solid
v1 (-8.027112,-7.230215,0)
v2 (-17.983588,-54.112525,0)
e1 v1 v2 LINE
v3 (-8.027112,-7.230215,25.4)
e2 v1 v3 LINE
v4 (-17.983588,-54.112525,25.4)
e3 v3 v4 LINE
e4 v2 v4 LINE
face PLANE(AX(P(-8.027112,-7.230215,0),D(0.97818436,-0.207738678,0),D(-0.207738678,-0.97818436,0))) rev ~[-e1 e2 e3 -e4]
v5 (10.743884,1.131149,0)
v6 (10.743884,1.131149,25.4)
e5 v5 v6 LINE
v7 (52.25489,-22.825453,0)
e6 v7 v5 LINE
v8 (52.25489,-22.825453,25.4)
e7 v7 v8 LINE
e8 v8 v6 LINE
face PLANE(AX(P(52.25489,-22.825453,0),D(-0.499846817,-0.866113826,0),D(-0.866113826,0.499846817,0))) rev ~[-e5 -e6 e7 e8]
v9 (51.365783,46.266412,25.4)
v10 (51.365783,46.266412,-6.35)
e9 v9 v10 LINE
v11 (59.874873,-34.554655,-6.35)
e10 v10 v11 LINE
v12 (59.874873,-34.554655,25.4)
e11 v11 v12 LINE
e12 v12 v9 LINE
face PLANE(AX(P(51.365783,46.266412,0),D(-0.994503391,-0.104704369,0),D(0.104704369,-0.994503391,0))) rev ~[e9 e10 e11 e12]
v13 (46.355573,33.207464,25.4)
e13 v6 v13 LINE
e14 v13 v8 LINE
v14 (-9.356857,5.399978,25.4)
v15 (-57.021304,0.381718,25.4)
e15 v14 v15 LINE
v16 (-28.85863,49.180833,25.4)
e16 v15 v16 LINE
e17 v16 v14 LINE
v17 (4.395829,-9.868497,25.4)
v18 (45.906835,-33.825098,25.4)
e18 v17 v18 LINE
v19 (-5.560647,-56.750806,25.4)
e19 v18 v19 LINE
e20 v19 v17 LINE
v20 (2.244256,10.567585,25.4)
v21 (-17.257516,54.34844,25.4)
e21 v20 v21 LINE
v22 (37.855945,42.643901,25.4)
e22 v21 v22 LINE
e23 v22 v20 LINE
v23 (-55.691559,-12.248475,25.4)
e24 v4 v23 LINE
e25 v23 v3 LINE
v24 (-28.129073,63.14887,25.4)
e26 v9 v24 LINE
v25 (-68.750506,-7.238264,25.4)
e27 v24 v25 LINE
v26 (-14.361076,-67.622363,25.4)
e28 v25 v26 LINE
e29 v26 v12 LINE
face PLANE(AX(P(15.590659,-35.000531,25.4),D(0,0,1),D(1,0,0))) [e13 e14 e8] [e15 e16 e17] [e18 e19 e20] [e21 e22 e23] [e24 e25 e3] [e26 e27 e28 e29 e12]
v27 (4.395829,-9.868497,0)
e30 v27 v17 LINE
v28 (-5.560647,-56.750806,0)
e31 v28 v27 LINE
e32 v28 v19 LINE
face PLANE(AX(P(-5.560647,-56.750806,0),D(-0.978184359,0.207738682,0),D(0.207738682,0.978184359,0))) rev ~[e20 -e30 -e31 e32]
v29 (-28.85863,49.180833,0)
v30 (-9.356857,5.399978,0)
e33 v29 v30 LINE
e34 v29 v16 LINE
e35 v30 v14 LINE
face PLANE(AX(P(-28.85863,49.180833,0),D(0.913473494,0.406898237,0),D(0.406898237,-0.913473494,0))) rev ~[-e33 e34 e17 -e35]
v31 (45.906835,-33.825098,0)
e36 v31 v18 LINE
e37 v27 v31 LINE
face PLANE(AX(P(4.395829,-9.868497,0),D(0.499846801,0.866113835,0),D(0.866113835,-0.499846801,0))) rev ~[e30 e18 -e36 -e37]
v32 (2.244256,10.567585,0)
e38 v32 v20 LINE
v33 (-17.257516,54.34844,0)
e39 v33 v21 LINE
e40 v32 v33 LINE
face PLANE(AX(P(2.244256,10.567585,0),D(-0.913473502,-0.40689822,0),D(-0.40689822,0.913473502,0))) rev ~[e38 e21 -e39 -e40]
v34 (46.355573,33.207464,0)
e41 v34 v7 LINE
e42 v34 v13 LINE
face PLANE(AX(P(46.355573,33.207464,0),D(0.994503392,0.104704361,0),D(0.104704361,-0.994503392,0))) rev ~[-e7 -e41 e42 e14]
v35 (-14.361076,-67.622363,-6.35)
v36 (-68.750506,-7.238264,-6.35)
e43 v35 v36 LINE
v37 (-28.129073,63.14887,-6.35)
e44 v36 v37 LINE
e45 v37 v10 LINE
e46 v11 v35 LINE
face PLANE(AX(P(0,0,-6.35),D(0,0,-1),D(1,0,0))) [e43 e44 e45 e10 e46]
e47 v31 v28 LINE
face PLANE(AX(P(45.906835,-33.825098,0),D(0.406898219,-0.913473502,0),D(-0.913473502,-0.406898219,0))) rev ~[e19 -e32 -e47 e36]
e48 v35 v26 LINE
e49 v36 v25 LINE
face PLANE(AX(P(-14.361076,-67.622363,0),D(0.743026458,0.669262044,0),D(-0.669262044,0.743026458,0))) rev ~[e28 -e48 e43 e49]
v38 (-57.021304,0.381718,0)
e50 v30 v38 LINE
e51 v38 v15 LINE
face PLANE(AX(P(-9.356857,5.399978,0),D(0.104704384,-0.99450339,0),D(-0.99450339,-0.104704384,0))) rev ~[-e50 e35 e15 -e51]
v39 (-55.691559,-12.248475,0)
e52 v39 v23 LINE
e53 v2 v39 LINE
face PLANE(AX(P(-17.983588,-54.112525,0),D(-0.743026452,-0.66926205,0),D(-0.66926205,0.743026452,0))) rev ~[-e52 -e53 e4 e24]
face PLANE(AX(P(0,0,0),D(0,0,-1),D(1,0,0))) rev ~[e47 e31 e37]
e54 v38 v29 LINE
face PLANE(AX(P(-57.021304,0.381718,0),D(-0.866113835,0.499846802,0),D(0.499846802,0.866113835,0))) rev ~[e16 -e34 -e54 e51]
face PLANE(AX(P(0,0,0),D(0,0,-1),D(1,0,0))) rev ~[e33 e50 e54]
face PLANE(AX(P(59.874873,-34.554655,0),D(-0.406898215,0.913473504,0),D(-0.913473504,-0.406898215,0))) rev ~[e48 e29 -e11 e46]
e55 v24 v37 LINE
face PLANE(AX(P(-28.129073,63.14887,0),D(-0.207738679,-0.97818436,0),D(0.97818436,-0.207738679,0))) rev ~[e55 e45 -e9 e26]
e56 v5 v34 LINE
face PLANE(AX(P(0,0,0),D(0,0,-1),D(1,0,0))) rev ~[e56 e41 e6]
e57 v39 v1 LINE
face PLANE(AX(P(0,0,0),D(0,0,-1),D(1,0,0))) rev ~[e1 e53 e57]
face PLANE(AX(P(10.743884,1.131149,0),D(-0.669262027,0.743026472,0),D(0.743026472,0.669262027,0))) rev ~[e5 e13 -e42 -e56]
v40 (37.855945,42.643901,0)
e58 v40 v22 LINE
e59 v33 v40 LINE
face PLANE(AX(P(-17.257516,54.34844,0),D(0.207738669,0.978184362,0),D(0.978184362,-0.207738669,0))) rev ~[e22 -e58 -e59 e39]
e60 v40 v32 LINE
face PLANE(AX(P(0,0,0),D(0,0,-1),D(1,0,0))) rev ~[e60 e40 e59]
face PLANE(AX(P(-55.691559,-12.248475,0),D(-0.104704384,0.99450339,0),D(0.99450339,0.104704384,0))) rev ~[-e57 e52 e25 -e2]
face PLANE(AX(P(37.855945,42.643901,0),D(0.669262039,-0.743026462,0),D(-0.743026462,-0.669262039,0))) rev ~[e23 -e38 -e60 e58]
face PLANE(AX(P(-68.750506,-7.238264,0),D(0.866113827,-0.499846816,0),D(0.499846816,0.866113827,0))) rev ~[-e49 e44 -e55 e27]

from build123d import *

# Parameters (mm, degrees)
F1_DEPTH = 25.4
F2_DEPTH = 25.4
F4_DEPTH = 6.35


with BuildPart() as f1:
    # F0 (on Top) → F1 (new body)
    with BuildSketch(Plane.XY):
        Polygon((0, 0), (-14.361076, -67.622363), (59.874873, -34.554655), align=None)
        Polygon((4.395829, -9.868497), (45.906835, -33.825098), (-5.560647, -56.750806), align=None, mode=Mode.SUBTRACT)
        Polygon((0, 0), (-68.750506, -7.238264), (-14.361076, -67.622363), align=None)
        Polygon((-17.983588, -54.112525), (-55.691559, -12.248475), (-8.027112, -7.230215), align=None, mode=Mode.SUBTRACT)
        Polygon((51.365783, 46.266412), (-28.129073, 63.14887), (0, 0), align=None)
        Polygon((-17.257516, 54.34844), (37.855945, 42.643901), (2.244256, 10.567585), align=None, mode=Mode.SUBTRACT)
        Polygon((51.365783, 46.266412), (0, 0), (59.874873, -34.554655), align=None)
        Polygon((46.355573, 33.207464), (52.25489, -22.825453), (10.743884, 1.131149), align=None, mode=Mode.SUBTRACT)
    extrude(amount=F1_DEPTH)

    # F0 (on Top) → F2 (join)
    with BuildSketch(Plane.XY):
        Polygon((0, 0), (-68.750506, -7.238264), (-14.361076, -67.622363), align=None)
        Polygon((-17.983588, -54.112525), (-55.691559, -12.248475), (-8.027112, -7.230215), align=None, mode=Mode.SUBTRACT)
        Polygon((-28.129073, 63.14887), (-68.750506, -7.238264), (0, 0), align=None)
        Polygon((-57.021304, 0.381718), (-28.85863, 49.180833), (-9.356857, 5.399978), align=None, mode=Mode.SUBTRACT)
        Polygon((51.365783, 46.266412), (-28.129073, 63.14887), (0, 0), align=None)
        Polygon((-17.257516, 54.34844), (37.855945, 42.643901), (2.244256, 10.567585), align=None, mode=Mode.SUBTRACT)
        Polygon((0, 0), (-14.361076, -67.622363), (59.874873, -34.554655), align=None)
        Polygon((4.395829, -9.868497), (45.906835, -33.825098), (-5.560647, -56.750806), align=None, mode=Mode.SUBTRACT)
        Polygon((51.365783, 46.266412), (0, 0), (59.874873, -34.554655), align=None)
        Polygon((46.355573, 33.207464), (52.25489, -22.825453), (10.743884, 1.131149), align=None, mode=Mode.SUBTRACT)
    extrude(amount=F2_DEPTH)

    # F3 (on face) → F4 (join)
    with BuildSketch(Plane(origin=(0, 0, 0), x_dir=(1, 0, 0), z_dir=(0, 0, -1))):
        Polygon((-68.750506, 7.238264), (-28.129073, -63.14887), (51.365783, -46.266412), (59.874873, 34.554655), (-14.361076, 67.622363), align=None)
    extrude(amount=F4_DEPTH)


solid = f1.part
